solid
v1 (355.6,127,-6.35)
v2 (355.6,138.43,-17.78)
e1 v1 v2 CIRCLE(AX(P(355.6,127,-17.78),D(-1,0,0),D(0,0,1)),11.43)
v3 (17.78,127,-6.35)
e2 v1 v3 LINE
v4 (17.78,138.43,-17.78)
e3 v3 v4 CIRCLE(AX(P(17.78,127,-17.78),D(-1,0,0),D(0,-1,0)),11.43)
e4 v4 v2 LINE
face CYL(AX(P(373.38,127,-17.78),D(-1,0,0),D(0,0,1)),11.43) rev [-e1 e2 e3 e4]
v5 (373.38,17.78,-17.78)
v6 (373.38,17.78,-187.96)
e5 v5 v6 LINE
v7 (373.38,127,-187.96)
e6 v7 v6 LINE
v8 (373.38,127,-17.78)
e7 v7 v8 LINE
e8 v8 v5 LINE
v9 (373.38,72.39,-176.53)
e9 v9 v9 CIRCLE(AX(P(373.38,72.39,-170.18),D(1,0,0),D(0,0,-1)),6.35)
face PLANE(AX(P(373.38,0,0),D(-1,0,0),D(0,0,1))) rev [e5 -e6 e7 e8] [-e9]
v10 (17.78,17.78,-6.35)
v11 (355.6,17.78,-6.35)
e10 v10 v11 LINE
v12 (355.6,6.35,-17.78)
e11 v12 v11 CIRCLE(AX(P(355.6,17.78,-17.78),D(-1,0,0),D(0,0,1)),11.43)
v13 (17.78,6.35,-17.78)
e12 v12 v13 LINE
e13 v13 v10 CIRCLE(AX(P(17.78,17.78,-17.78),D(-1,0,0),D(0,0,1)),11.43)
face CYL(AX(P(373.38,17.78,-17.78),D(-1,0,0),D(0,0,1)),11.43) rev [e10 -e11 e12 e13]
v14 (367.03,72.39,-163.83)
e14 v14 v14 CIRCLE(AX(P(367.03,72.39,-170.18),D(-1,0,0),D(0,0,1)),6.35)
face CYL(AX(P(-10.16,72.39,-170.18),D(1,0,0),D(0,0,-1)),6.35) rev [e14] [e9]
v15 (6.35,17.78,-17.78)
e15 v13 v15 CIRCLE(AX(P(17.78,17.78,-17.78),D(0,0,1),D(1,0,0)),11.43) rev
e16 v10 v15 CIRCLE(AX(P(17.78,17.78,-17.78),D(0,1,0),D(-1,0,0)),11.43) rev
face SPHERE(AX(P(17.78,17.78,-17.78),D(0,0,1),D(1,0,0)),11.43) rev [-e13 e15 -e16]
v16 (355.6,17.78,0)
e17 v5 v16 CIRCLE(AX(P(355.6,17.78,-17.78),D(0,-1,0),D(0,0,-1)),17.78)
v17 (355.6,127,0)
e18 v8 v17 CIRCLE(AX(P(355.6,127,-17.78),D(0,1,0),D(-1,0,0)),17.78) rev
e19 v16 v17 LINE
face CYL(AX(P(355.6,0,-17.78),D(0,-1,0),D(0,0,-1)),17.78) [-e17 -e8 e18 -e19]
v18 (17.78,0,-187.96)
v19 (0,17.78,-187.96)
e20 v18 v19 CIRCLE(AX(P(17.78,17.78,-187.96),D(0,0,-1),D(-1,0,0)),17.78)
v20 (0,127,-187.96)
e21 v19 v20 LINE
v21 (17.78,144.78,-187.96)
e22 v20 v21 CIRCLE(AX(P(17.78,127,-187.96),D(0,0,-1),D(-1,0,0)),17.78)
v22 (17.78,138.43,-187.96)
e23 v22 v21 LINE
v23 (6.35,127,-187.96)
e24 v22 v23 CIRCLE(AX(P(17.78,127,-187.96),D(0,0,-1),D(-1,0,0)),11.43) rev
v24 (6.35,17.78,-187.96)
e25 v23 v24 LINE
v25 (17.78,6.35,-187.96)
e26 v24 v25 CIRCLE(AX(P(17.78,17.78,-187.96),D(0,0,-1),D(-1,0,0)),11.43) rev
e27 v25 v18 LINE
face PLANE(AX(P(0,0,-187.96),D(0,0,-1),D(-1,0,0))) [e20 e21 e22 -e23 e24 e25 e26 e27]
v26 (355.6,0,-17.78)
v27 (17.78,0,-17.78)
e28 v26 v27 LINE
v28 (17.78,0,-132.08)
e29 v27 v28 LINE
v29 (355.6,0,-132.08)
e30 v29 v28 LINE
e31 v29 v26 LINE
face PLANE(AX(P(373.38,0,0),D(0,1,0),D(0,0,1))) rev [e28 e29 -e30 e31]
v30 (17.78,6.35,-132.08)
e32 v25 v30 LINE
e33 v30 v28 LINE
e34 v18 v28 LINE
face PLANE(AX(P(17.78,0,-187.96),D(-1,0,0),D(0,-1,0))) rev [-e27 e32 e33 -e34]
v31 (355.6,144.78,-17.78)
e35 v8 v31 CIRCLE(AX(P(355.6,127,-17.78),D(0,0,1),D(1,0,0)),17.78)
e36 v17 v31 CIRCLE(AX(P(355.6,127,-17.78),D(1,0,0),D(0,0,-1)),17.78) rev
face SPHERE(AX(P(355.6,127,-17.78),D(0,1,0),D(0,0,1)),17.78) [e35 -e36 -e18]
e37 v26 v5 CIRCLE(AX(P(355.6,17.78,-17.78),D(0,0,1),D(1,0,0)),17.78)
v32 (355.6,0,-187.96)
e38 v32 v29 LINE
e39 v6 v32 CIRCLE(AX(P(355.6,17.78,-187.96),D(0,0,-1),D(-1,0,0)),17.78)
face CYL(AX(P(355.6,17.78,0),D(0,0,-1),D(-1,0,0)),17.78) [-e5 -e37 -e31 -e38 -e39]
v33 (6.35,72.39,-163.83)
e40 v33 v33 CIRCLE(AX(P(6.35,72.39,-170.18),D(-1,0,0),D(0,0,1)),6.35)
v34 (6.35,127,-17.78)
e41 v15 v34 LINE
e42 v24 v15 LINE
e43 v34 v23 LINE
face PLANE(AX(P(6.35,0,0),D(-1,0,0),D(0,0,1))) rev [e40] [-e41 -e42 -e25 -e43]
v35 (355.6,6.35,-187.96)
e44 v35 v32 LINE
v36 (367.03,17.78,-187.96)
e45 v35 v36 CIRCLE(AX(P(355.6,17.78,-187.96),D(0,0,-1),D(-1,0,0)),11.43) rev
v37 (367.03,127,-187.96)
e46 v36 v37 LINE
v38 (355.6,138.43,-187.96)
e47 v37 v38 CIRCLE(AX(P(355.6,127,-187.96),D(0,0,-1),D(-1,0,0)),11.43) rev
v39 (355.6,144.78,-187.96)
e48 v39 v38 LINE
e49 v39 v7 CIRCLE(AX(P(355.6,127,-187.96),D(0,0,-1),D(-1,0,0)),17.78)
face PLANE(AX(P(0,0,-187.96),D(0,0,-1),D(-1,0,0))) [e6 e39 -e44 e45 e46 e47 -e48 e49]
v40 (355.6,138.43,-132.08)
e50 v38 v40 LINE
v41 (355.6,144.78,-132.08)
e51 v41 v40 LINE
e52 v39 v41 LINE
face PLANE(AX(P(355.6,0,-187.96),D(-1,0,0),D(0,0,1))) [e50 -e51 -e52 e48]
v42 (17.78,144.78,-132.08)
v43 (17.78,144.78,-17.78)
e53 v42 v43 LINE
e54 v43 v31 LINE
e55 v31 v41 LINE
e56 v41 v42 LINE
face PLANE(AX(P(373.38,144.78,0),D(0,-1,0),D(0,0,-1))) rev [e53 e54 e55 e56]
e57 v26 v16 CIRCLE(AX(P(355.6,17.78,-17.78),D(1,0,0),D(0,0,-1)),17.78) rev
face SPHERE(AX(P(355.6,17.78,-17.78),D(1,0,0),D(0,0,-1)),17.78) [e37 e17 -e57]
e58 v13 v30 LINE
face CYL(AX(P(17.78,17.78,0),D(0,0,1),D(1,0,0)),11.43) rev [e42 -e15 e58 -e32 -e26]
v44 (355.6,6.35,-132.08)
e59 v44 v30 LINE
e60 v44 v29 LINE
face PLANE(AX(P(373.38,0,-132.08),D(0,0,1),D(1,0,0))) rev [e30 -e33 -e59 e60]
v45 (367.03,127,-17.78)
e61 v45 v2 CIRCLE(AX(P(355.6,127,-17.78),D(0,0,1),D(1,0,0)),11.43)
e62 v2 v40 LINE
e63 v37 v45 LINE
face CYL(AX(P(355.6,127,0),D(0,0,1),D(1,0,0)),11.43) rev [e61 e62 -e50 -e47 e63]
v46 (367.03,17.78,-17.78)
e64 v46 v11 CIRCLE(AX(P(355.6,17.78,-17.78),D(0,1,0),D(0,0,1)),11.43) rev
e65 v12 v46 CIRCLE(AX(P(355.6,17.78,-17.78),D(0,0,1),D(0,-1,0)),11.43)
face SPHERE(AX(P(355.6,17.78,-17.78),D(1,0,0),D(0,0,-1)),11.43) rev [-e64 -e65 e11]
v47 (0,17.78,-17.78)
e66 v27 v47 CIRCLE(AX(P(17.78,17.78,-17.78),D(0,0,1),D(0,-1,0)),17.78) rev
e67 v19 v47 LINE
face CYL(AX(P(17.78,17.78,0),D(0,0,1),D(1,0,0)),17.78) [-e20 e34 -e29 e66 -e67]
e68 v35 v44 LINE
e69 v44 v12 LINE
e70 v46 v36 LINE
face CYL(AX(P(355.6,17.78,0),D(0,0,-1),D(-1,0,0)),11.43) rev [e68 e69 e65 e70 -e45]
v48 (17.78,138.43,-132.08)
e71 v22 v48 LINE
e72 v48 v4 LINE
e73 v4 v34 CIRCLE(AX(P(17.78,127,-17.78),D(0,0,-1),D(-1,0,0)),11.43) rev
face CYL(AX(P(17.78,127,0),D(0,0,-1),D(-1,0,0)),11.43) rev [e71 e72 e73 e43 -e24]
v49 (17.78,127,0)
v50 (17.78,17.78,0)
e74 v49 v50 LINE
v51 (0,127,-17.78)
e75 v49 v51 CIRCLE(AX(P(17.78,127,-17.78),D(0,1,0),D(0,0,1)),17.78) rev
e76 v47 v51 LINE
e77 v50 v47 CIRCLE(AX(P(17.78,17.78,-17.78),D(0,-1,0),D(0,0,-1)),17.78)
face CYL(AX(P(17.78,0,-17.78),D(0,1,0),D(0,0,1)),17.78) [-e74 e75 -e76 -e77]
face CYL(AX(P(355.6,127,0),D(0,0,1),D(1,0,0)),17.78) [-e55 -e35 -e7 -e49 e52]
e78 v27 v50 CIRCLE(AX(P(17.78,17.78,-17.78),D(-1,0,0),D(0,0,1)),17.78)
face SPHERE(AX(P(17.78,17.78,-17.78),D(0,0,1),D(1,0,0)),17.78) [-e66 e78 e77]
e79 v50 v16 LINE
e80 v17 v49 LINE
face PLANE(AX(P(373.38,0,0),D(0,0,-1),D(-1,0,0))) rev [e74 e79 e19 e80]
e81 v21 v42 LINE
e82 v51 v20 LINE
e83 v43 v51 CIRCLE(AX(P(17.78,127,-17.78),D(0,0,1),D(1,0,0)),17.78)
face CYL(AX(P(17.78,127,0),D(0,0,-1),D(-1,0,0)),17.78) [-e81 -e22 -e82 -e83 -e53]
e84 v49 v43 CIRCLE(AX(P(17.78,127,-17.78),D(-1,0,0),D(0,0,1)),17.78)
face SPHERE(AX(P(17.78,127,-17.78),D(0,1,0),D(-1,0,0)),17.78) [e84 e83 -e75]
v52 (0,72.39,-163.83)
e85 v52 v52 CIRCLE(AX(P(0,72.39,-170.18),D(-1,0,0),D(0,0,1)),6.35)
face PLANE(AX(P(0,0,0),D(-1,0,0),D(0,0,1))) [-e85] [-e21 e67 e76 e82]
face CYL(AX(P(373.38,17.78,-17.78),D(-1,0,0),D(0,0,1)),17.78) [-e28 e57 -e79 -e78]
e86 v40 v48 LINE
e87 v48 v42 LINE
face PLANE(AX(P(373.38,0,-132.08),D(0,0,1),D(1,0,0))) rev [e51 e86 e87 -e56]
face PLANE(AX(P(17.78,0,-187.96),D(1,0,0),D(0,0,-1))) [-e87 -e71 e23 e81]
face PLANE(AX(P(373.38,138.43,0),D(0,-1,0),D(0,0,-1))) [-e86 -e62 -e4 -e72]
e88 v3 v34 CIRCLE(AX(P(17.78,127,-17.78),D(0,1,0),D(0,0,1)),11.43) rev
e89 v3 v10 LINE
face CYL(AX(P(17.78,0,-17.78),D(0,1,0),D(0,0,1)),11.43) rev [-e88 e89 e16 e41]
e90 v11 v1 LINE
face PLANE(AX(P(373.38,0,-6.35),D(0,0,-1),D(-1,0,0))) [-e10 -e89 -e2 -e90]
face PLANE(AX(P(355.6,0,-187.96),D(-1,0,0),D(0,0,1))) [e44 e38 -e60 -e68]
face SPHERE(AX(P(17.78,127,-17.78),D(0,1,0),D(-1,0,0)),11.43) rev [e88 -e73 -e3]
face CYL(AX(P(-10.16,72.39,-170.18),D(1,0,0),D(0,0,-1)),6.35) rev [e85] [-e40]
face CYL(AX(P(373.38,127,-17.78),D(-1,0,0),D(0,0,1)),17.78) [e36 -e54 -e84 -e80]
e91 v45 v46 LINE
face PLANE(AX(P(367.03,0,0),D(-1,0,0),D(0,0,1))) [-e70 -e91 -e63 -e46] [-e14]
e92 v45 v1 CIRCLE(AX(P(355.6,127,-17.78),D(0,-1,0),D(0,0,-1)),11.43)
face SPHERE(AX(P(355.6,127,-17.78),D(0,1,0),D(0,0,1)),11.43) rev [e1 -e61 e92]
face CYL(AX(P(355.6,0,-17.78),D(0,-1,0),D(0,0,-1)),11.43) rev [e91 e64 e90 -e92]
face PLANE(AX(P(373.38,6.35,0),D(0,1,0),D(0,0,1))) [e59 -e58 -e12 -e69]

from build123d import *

# Parameters (mm, degrees)
SKETCH1_W           = 132.08
SKETCH1_H           = 144.78
BOSS_EXTRUDE1_DEPTH = 373.38
FILLET1_R           = 17.78
SHELL1_T            = -6.35
SKETCH2_W           = 6.35
SKETCH2_H           = 109.22
BOSS_EXTRUDE2_DEPTH = 55.88
SKETCH3_R           = 6.35
CUT_EXTRUDE1_DEPTH  = 383.54


with BuildPart() as part:
    # Sketch1 → Boss-Extrude1 (new body)
    with BuildSketch(Plane(origin=(0, 0, 0), x_dir=(0, 0, -1), z_dir=(1, 0, 0))):
        with Locations((66.04, 72.39)):
            Rectangle(SKETCH1_W, SKETCH1_H)
    extrude(amount=BOSS_EXTRUDE1_DEPTH)

    # Fillet1
    fillet1_edges = [part.edges().sort_by_distance(p)[0] for p in [
        (373.38, 144.78, -66.04),
        (373.38, 72.39, 0),
        (0, 144.78, -66.04),
        (0, 0, -66.04),
        (0, 72.39, 0),
        (186.69, 144.78, 0),
        (186.69, 0, 0),
        (373.38, 0, -66.04),
    ]]
    fillet(fillet1_edges, radius=FILLET1_R)

    # Shell1
    shell1_openings = [part.faces().sort_by_distance(p)[0] for p in [
        (186.69, 72.39, -132.08),
    ]]
    offset(amount=SHELL1_T, openings=shell1_openings, kind=Kind.INTERSECTION)

    # Sketch2 → Boss-Extrude2 (add)
    with BuildSketch(Plane(origin=(0, 0, -132.08), x_dir=(-1, 0, 0), z_dir=(0, 0, -1))):
        with BuildLine():
            Line((-355.6, 144.78), (-355.6, 138.43))
            ThreePointArc((-355.6, 138.43), (-363.682230509, 135.082230509), (-367.03, 127))
            Line((-367.03, 127), (-373.38, 127))
            ThreePointArc((-373.38, 127), (-368.172358569, 139.572358569), (-355.6, 144.78))
        make_face()
        with Locations((-370.205, 72.39)):
            Rectangle(SKETCH2_W, SKETCH2_H)
        with BuildLine():
            Line((-355.6, 6.35), (-355.6, 0))
            ThreePointArc((-355.6, 0), (-368.172358569, 5.207641431), (-373.38, 17.78))
            Line((-373.38, 17.78), (-367.03, 17.78))
            ThreePointArc((-367.03, 17.78), (-363.682230509, 9.697769491), (-355.6, 6.35))
        make_face()
        with BuildLine():
            Line((-17.78, 138.43), (-17.78, 144.78))
            ThreePointArc((-17.78, 144.78), (-5.207641431, 139.572358569), (0, 127))
            Line((0, 127), (-6.35, 127))
            ThreePointArc((-6.35, 127), (-9.697769491, 135.082230509), (-17.78, 138.43))
        make_face()
        with Locations((-3.175, 72.39)):
            Rectangle(SKETCH2_W, SKETCH2_H)
        with BuildLine():
            Line((-6.35, 17.78), (0, 17.78))
            ThreePointArc((0, 17.78), (-5.207641431, 5.207641431), (-17.78, 0))
            Line((-17.78, 0), (-17.78, 6.35))
            ThreePointArc((-17.78, 6.35), (-9.697769491, 9.697769491), (-6.35, 17.78))
        make_face()
    extrude(amount=BOSS_EXTRUDE2_DEPTH)

    # Sketch3 → Cut-Extrude1 (cut)
    with BuildSketch(Plane(origin=(373.38, 0, 0), x_dir=(0, 0, -1), z_dir=(1, 0, 0))):
        with Locations(Location((170.18, 72.39, 0), (0, 0, 180))):
            Circle(SKETCH3_R)
    extrude(amount=-CUT_EXTRUDE1_DEPTH, mode=Mode.SUBTRACT)


solid = part.part
